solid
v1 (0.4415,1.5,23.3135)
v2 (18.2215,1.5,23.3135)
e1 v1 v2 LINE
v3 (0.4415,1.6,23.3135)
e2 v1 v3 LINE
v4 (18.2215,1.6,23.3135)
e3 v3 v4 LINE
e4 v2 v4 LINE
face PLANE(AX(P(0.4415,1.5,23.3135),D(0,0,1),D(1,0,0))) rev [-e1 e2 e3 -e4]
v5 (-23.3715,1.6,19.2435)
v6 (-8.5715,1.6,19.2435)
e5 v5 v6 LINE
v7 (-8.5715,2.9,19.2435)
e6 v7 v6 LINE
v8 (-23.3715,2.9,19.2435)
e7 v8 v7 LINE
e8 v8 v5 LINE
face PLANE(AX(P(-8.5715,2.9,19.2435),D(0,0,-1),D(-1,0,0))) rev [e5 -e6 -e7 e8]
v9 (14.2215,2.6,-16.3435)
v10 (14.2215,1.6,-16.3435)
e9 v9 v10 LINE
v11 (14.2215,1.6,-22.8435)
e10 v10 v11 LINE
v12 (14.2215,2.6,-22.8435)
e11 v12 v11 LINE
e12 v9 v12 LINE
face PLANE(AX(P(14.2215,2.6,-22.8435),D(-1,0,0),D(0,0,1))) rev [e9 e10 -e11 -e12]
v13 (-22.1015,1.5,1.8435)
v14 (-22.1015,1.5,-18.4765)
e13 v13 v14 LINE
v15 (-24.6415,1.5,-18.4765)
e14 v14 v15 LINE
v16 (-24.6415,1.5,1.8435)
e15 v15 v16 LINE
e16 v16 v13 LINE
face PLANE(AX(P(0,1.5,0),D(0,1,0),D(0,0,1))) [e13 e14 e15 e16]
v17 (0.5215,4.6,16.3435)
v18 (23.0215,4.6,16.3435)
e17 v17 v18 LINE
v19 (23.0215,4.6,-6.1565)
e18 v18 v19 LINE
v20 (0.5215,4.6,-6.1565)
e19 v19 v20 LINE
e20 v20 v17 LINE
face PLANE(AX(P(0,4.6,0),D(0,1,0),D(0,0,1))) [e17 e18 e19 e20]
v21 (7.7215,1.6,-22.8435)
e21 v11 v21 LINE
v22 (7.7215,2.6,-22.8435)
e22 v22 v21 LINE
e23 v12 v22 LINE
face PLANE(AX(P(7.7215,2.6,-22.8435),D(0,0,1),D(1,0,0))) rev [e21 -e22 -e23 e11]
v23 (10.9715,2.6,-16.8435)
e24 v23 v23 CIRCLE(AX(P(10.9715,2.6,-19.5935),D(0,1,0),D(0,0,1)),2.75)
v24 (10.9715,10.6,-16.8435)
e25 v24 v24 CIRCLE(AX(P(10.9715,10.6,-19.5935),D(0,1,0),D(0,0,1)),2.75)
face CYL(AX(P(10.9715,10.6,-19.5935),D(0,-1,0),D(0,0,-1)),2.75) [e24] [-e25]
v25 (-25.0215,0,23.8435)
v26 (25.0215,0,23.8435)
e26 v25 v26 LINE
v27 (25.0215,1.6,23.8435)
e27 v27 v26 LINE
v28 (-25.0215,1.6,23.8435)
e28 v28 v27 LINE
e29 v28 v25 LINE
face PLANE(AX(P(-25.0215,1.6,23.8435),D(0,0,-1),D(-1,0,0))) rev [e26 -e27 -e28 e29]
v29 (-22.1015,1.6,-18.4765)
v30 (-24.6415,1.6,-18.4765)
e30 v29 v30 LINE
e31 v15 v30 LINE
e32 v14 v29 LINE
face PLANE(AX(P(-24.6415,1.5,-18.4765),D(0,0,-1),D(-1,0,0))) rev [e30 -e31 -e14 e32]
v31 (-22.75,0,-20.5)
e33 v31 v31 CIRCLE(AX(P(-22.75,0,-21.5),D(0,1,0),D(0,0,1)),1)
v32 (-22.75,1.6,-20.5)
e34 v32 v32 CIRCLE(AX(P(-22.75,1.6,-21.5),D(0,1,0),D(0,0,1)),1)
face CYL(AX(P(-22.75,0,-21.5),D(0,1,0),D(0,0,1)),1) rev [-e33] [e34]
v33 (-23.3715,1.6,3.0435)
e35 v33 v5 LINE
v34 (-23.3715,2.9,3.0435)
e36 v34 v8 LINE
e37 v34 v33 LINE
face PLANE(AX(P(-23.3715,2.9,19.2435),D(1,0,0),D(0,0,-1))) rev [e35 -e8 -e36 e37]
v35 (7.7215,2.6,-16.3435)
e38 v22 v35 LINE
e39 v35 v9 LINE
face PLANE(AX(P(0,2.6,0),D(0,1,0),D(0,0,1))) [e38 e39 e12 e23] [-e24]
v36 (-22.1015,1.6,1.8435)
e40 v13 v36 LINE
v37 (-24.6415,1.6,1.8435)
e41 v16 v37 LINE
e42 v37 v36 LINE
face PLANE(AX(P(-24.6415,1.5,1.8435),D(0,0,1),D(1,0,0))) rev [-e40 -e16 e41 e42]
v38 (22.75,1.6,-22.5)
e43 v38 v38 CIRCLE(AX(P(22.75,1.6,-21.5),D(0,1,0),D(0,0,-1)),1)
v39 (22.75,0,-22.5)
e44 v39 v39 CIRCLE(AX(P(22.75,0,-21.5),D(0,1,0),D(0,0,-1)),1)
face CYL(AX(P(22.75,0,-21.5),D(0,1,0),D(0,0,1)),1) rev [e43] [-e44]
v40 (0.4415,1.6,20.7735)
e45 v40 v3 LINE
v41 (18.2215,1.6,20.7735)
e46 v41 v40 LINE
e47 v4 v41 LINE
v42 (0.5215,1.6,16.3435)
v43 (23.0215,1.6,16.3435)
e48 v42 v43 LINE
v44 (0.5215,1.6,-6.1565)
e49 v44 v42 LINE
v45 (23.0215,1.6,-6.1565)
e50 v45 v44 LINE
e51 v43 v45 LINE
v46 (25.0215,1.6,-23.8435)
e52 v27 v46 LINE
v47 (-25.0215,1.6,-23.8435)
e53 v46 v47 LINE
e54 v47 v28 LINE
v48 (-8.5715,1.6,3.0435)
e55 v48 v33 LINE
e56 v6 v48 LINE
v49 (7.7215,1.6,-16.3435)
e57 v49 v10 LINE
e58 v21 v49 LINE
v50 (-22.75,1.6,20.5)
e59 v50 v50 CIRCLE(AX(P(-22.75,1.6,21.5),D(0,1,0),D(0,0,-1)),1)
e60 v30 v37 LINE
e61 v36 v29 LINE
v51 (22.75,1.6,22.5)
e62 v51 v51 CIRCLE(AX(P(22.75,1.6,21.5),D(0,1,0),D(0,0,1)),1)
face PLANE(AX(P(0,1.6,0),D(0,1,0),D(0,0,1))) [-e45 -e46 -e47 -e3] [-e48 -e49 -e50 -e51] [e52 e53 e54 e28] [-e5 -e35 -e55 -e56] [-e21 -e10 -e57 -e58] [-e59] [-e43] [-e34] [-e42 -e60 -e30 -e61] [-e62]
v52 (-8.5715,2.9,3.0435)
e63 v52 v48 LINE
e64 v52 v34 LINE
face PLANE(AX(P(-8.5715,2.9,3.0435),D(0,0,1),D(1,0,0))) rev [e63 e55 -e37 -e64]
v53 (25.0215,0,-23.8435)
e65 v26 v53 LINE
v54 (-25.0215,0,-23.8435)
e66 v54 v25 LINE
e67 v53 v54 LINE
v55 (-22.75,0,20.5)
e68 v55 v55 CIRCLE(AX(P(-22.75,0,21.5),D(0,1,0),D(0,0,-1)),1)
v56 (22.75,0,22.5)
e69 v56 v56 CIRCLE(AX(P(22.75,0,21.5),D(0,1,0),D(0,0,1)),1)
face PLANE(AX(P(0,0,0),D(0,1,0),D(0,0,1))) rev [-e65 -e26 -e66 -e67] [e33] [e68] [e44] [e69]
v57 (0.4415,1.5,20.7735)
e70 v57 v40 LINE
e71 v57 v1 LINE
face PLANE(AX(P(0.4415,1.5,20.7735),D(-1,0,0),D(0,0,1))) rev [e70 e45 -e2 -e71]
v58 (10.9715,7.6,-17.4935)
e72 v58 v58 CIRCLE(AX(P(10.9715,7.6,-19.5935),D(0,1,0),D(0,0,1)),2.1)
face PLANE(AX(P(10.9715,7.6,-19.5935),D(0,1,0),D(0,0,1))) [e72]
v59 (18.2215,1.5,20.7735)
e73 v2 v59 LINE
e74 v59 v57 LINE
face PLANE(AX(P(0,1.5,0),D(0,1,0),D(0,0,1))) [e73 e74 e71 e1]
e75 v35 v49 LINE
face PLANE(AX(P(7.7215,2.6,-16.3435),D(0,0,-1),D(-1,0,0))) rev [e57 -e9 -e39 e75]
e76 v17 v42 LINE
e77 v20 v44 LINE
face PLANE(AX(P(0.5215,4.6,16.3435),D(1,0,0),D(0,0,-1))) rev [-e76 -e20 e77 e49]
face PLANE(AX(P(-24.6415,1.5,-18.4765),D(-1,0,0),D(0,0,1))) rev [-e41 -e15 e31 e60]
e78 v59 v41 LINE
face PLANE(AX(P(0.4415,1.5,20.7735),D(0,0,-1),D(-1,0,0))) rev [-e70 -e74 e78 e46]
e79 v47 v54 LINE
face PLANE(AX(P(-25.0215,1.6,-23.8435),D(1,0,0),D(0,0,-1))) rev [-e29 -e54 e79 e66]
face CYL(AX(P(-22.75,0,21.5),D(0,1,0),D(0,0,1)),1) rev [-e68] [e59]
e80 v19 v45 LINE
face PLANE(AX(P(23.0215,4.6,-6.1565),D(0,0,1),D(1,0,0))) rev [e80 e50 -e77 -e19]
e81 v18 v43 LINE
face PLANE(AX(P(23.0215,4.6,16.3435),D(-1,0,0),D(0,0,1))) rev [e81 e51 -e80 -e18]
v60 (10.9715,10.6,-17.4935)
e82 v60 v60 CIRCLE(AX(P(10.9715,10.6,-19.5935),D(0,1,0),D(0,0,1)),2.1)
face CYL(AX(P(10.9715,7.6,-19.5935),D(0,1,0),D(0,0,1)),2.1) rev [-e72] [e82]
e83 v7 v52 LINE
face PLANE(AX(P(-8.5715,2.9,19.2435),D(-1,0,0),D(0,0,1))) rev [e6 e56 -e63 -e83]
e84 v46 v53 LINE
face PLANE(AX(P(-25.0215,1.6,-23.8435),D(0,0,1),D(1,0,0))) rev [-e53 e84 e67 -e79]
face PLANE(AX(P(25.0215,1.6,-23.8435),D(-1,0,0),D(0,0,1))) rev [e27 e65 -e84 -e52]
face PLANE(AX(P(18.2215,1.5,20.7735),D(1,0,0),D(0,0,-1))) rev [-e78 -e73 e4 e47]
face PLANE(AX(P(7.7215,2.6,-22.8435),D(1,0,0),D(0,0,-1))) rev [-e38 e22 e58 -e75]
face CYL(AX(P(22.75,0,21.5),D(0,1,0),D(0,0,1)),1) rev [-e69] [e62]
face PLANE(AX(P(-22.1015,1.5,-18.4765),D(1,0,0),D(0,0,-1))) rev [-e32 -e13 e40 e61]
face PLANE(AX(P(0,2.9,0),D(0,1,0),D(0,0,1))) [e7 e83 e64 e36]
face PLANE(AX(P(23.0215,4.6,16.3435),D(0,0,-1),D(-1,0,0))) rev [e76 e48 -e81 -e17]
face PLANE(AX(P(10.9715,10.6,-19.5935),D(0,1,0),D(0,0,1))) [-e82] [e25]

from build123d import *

# Parameters (mm, degrees)
SKETCH_2_W          = 50.043
SKETCH_2_H          = 47.687
EXTRUDE_1_DEPTH     = 1.6
SKETCH_3_R          = 1
CUT_EXTRUDE_1_DEPTH = 1.6
SKETCH_4_W          = 22.5
SKETCH_4_H          = 22.5
EXTRUDE_2_DEPTH     = 3
SKETCH_5_W          = 14.8
SKETCH_5_H          = 16.2
EXTRUDE_3_DEPTH     = 1.3
SKETCH_6_W          = 2.54
SKETCH_6_H          = 20.32
SKETCH_6_W_2        = 17.78
SKETCH_6_H_2        = 2.54
CUT_EXTRUDE_2_DEPTH = 0.1
SKETCH_7_W          = 6.5
SKETCH_7_H          = 6.5
EXTRUDE_4_DEPTH     = 1
SKETCH_8_R          = 2.75
EXTRUDE_5_DEPTH     = 8
SKETCH_9_R          = 2.1
CUT_EXTRUDE_3_DEPTH = 3


with BuildPart() as part:
    # 草图2 → 凸台-拉伸1 (new body)
    with BuildSketch(Plane(origin=(0, 0, 0), x_dir=(1, 0, 0), z_dir=(0, 1, 0))):
        Rectangle(SKETCH_2_W, SKETCH_2_H)
    extrude(amount=EXTRUDE_1_DEPTH)

    # 草图3 → 切除-拉伸1 (cut)
    with BuildSketch(Plane(origin=(0, 1.6, 0), x_dir=(1, 0, 0), z_dir=(0, 1, 0))):
        with Locations(Location((-22.75, 21.5, 0), (0, 0, 270))):
            Circle(SKETCH_3_R)
        with Locations(Location((22.75, 21.5, 0), (0, 0, 90))):
            Circle(SKETCH_3_R)
        with Locations(Location((22.75, -21.5, 0), (0, 0, 270))):
            Circle(SKETCH_3_R)
        with Locations(Location((-22.75, -21.5, 0), (0, 0, 90))):
            Circle(SKETCH_3_R)
    extrude(amount=-CUT_EXTRUDE_1_DEPTH, mode=Mode.SUBTRACT)

    # 草图4 → 凸台-拉伸2 (add)
    with BuildSketch(Plane(origin=(0, 1.6, 0), x_dir=(1, 0, 0), z_dir=(0, 1, 0))):
        with Locations((11.7715, -5.0935)):
            Rectangle(SKETCH_4_W, SKETCH_4_H)
    extrude(amount=EXTRUDE_2_DEPTH)

    # 草图5 → 凸台-拉伸3 (add)
    with BuildSketch(Plane(origin=(0, 1.6, 0), x_dir=(1, 0, 0), z_dir=(0, 1, 0))):
        with Locations((-15.9715, -11.1435)):
            Rectangle(SKETCH_5_W, SKETCH_5_H)
    extrude(amount=EXTRUDE_3_DEPTH)

    # 草图6 → 切除-拉伸2 (cut)
    with BuildSketch(Plane(origin=(0, 1.6, 0), x_dir=(1, 0, 0), z_dir=(0, 1, 0))):
        with Locations((-23.3715, 8.3165)):
            Rectangle(SKETCH_6_W, SKETCH_6_H)
        with Locations((9.3315, -22.0435)):
            Rectangle(SKETCH_6_W_2, SKETCH_6_H_2)
    extrude(amount=-CUT_EXTRUDE_2_DEPTH, mode=Mode.SUBTRACT)

    # 草图7 → 凸台-拉伸4 (add)
    with BuildSketch(Plane(origin=(0, 1.6, 0), x_dir=(1, 0, 0), z_dir=(0, 1, 0))):
        with Locations((10.9715, 19.5935)):
            Rectangle(SKETCH_7_W, SKETCH_7_H)
    extrude(amount=EXTRUDE_4_DEPTH)

    # 草图8 → 凸台-拉伸5 (add)
    with BuildSketch(Plane(origin=(0, 2.6, 0), x_dir=(1, 0, 0), z_dir=(0, 1, 0))):
        with Locations(Location((10.9715, 19.5935, 0), (0, 0, 270))):
            Circle(SKETCH_8_R)
    extrude(amount=EXTRUDE_5_DEPTH)

    # 草图9 → 切除-拉伸3 (cut)
    with BuildSketch(Plane(origin=(0, 10.6, 0), x_dir=(1, 0, 0), z_dir=(0, 1, 0))):
        with Locations(Location((10.9715, 19.5935, 0), (0, 0, 270))):
            Circle(SKETCH_9_R)
    extrude(amount=-CUT_EXTRUDE_3_DEPTH, mode=Mode.SUBTRACT)


solid = part.part
